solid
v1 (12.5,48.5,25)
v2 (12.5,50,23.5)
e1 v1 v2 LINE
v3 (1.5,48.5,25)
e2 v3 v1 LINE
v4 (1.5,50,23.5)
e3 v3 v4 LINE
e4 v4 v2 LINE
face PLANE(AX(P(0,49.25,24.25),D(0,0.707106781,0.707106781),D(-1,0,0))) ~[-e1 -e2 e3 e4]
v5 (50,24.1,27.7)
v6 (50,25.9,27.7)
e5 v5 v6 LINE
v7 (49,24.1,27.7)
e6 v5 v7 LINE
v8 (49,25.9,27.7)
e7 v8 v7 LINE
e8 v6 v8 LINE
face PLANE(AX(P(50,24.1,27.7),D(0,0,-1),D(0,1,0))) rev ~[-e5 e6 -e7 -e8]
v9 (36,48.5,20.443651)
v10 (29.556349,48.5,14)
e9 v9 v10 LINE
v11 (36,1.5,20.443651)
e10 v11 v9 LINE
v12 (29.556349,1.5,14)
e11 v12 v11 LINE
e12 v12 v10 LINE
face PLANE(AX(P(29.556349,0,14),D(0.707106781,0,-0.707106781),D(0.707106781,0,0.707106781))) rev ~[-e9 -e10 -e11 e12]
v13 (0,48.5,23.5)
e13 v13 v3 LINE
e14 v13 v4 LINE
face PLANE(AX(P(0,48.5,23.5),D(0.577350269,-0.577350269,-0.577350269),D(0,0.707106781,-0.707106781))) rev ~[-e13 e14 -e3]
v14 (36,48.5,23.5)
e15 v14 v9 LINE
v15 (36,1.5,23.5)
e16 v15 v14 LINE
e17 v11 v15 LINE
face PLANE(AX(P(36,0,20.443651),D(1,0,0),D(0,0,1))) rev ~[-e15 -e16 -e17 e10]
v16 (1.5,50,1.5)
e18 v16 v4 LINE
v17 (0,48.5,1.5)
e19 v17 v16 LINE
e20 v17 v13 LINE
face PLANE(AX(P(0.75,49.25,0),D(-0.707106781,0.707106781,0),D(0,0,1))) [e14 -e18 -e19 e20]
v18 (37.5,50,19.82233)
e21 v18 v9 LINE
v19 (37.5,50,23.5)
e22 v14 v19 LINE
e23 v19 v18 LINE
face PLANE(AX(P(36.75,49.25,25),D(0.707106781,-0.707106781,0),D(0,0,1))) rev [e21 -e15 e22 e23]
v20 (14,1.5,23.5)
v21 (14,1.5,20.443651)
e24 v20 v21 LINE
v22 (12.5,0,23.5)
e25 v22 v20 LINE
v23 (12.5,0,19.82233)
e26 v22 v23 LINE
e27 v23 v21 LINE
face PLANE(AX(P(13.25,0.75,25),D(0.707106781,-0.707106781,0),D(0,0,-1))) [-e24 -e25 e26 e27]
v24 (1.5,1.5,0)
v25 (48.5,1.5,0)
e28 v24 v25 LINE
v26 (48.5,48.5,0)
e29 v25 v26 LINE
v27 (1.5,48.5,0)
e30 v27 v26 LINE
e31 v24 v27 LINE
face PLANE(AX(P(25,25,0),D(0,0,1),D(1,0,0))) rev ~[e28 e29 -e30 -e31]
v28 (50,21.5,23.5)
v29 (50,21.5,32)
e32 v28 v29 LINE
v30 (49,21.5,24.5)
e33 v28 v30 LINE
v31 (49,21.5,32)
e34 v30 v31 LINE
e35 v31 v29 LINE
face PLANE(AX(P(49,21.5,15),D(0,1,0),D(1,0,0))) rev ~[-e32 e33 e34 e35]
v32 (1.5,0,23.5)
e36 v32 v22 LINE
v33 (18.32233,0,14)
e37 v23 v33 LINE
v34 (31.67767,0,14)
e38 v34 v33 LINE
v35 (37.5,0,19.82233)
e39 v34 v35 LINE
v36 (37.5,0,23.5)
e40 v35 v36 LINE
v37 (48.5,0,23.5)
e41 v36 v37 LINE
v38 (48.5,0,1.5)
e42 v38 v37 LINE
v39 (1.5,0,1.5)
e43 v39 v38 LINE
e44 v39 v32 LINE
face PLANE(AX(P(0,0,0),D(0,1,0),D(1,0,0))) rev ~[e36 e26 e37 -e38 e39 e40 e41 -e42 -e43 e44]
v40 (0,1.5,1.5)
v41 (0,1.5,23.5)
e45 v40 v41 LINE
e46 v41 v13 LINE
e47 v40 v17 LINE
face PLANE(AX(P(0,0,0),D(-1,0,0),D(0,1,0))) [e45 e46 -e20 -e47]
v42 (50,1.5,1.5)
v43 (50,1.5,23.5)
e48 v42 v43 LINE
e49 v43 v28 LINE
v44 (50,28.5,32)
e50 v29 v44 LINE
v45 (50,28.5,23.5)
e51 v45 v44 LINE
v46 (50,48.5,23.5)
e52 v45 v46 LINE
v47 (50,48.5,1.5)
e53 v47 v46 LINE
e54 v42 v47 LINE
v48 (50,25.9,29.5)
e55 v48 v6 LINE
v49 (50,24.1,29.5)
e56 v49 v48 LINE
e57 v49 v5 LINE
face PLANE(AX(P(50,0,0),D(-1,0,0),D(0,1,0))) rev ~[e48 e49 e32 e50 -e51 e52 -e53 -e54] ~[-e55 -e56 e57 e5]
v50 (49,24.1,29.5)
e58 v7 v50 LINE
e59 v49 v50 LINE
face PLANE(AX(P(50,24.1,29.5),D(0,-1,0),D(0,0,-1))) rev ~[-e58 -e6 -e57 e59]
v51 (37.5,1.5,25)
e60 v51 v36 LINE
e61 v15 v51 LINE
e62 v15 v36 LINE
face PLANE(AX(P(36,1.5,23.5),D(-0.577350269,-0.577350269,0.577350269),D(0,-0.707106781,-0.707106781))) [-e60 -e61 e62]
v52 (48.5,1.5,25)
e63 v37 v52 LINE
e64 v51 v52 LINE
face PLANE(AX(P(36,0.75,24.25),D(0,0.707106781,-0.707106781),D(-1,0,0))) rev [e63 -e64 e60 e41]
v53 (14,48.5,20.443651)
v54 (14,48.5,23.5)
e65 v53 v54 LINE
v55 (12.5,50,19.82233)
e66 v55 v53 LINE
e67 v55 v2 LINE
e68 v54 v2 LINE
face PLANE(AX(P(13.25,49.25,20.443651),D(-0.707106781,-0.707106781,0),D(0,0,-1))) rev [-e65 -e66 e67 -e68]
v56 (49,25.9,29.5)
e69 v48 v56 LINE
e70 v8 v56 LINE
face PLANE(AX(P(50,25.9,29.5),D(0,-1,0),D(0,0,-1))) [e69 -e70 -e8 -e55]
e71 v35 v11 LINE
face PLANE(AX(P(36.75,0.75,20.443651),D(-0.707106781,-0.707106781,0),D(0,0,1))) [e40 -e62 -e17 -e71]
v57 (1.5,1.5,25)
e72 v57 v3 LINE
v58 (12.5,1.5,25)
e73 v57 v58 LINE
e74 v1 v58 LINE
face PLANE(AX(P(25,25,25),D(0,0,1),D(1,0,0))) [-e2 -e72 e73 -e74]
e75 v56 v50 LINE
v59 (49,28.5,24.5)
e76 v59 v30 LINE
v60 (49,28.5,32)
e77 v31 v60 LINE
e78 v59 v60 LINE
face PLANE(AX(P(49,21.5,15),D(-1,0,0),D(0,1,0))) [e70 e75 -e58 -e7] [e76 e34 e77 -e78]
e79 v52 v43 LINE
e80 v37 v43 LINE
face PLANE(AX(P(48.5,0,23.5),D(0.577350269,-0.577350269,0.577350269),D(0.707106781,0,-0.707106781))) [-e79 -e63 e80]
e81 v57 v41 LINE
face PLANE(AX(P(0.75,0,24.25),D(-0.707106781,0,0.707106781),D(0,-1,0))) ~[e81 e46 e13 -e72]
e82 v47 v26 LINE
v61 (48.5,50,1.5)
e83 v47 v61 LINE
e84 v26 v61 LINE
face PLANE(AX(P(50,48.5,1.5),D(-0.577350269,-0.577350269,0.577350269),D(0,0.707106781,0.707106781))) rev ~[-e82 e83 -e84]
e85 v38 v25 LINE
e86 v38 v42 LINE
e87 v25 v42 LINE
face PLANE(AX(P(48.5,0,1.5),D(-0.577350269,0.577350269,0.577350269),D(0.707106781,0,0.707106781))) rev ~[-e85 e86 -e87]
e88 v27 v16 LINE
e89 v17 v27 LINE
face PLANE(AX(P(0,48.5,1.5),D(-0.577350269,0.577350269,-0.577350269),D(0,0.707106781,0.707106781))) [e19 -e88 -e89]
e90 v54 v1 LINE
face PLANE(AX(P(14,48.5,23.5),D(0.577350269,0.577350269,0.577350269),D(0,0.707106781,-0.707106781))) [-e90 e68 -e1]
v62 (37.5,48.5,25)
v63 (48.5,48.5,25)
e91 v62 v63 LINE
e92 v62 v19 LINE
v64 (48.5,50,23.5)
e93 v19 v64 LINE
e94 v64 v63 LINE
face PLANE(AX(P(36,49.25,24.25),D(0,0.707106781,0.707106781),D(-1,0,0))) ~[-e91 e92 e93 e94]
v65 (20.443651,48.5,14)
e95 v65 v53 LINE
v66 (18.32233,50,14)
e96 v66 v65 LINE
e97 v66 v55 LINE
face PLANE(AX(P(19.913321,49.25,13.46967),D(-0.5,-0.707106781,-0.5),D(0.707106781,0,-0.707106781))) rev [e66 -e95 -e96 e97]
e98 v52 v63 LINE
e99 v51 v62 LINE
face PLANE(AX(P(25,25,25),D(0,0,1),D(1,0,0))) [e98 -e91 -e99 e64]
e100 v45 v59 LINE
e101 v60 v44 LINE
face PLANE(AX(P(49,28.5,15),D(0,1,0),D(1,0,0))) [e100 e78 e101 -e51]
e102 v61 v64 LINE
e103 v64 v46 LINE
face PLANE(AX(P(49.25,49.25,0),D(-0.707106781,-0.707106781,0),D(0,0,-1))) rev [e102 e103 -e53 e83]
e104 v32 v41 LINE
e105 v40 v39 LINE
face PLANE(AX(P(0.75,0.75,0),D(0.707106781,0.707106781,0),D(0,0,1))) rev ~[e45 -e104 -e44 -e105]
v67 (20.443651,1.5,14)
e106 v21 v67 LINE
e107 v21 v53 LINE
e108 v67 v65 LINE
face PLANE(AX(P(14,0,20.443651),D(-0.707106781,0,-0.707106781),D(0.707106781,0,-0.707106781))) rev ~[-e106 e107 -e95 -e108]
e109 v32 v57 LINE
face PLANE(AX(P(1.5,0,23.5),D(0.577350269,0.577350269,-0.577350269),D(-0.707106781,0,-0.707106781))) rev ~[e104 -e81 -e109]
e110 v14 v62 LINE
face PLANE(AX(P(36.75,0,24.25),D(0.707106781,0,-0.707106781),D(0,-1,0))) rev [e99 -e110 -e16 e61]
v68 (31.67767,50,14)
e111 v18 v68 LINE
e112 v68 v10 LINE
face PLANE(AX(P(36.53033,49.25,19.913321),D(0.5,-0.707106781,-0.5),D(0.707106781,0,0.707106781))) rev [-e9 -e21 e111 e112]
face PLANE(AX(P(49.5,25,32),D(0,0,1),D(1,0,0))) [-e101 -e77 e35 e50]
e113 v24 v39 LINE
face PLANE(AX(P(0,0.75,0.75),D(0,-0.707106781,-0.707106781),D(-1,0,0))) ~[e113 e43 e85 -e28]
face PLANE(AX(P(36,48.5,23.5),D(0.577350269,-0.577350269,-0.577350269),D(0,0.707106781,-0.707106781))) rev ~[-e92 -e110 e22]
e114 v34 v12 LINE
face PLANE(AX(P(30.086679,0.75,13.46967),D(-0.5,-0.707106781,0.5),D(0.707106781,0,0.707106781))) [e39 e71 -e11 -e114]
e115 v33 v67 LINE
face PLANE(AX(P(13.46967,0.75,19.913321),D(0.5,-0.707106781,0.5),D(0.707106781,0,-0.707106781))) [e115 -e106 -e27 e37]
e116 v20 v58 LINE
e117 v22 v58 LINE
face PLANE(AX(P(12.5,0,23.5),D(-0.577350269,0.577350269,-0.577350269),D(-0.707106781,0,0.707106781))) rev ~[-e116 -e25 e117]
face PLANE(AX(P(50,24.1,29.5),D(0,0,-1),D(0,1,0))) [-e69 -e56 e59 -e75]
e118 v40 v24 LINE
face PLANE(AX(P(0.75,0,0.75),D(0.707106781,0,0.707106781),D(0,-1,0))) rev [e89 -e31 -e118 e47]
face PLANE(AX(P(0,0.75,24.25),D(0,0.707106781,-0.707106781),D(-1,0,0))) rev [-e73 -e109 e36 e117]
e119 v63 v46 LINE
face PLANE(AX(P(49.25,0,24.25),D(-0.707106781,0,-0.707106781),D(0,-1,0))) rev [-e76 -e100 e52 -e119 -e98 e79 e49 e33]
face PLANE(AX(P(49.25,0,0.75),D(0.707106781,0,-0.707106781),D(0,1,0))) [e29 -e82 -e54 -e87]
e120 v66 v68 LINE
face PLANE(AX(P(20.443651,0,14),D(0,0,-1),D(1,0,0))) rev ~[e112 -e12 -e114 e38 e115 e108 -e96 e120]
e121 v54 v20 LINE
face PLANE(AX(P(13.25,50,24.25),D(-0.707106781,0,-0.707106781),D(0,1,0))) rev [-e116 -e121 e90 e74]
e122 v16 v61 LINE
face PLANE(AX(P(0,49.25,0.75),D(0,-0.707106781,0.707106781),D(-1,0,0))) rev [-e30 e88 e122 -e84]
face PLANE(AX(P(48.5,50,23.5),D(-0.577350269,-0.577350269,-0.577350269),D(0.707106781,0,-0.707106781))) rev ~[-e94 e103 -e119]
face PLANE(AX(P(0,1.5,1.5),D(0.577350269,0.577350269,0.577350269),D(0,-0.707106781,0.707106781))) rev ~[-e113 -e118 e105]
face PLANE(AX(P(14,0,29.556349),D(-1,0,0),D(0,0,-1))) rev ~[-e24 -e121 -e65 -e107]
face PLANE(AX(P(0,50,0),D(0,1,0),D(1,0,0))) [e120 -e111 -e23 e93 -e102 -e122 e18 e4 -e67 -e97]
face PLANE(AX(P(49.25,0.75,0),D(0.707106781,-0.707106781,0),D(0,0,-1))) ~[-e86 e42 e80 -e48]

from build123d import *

# Parameters (mm, degrees)
SKETCH1_W                = 50
SKETCH1_H                = 50
BOSS_EXTRUDE1_DEPTH      = 25
CUT_EXTRUDE1_DEPTH       = 76
CHAMFER1_SIZE            = 1.5
BOSS_EXTRUDE2_DEPTH      = 7
BOSS_EXTRUDE2_DEPTH_BACK = 10
SKETCH3_W                = 1
SKETCH3_H                = 7
SKETCH4_W                = 1.8
SKETCH4_H                = 1.8
CUT_EXTRUDE2_DEPTH       = 7


with BuildPart() as part:
    # Sketch1 → Boss-Extrude1 (new body)
    with BuildSketch(Plane.XY):
        with Locations((25, 25)):
            Rectangle(SKETCH1_W, SKETCH1_H)
    extrude(amount=BOSS_EXTRUDE1_DEPTH)

    # Sketch2 → Cut-Extrude1 (cut, through all)
    with BuildSketch(Plane.XZ):
        Polygon((29.556349186, 36), (20.443650814, 36), (14, 29.556349186), (14, 20.443650814), (20.443650814, 14), (29.556349186, 14), (36, 20.443650814), (36, 29.556349186), align=None)
    extrude(amount=-CUT_EXTRUDE1_DEPTH, mode=Mode.SUBTRACT)

    # Chamfer1
    chamfer1_edges = [part.edges().sort_by_distance(p)[0] for p in [
        (50, 25, 25),
        (43, 50, 25),
        (43, 0, 25),
        (7, 50, 25),
        (14, 25, 25),
        (36, 25, 25),
        (36, 50, 22.721825407),
        (14, 50, 22.721825407),
        (36, 0, 22.721825407),
        (14, 0, 22.721825407),
        (17.221825407, 0, 17.221825407),
        (32.778174593, 0, 17.221825407),
        (32.778174593, 50, 17.221825407),
        (17.221825407, 50, 17.221825407),
        (0, 25, 25),
        (25, 50, 0),
        (50, 25, 0),
        (25, 0, 0),
        (0, 25, 0),
        (7, 0, 25),
        (0, 50, 12.5),
        (50, 50, 12.5),
        (50, 0, 12.5),
        (0, 0, 12.5),
    ]]
    chamfer(chamfer1_edges, length=CHAMFER1_SIZE)

    # Sketch3 → Boss-Extrude2 (add, two sides: drawn at the far end of the back side and taken through both)
    with BuildSketch(Plane.XY.offset(25).offset(-BOSS_EXTRUDE2_DEPTH_BACK)):
        with Locations((49.5, 25)):
            Rectangle(SKETCH3_W, SKETCH3_H)
    extrude(amount=BOSS_EXTRUDE2_DEPTH + BOSS_EXTRUDE2_DEPTH_BACK)

    # Sketch4 → Cut-Extrude2 (cut)
    with BuildSketch(Plane(origin=(50, 0, 0), x_dir=(0, 0, -1), z_dir=(1, 0, 0))):
        with Locations((-28.6, 25)):
            Rectangle(SKETCH4_W, SKETCH4_H)
    extrude(amount=-CUT_EXTRUDE2_DEPTH, mode=Mode.SUBTRACT)


solid = part.part
